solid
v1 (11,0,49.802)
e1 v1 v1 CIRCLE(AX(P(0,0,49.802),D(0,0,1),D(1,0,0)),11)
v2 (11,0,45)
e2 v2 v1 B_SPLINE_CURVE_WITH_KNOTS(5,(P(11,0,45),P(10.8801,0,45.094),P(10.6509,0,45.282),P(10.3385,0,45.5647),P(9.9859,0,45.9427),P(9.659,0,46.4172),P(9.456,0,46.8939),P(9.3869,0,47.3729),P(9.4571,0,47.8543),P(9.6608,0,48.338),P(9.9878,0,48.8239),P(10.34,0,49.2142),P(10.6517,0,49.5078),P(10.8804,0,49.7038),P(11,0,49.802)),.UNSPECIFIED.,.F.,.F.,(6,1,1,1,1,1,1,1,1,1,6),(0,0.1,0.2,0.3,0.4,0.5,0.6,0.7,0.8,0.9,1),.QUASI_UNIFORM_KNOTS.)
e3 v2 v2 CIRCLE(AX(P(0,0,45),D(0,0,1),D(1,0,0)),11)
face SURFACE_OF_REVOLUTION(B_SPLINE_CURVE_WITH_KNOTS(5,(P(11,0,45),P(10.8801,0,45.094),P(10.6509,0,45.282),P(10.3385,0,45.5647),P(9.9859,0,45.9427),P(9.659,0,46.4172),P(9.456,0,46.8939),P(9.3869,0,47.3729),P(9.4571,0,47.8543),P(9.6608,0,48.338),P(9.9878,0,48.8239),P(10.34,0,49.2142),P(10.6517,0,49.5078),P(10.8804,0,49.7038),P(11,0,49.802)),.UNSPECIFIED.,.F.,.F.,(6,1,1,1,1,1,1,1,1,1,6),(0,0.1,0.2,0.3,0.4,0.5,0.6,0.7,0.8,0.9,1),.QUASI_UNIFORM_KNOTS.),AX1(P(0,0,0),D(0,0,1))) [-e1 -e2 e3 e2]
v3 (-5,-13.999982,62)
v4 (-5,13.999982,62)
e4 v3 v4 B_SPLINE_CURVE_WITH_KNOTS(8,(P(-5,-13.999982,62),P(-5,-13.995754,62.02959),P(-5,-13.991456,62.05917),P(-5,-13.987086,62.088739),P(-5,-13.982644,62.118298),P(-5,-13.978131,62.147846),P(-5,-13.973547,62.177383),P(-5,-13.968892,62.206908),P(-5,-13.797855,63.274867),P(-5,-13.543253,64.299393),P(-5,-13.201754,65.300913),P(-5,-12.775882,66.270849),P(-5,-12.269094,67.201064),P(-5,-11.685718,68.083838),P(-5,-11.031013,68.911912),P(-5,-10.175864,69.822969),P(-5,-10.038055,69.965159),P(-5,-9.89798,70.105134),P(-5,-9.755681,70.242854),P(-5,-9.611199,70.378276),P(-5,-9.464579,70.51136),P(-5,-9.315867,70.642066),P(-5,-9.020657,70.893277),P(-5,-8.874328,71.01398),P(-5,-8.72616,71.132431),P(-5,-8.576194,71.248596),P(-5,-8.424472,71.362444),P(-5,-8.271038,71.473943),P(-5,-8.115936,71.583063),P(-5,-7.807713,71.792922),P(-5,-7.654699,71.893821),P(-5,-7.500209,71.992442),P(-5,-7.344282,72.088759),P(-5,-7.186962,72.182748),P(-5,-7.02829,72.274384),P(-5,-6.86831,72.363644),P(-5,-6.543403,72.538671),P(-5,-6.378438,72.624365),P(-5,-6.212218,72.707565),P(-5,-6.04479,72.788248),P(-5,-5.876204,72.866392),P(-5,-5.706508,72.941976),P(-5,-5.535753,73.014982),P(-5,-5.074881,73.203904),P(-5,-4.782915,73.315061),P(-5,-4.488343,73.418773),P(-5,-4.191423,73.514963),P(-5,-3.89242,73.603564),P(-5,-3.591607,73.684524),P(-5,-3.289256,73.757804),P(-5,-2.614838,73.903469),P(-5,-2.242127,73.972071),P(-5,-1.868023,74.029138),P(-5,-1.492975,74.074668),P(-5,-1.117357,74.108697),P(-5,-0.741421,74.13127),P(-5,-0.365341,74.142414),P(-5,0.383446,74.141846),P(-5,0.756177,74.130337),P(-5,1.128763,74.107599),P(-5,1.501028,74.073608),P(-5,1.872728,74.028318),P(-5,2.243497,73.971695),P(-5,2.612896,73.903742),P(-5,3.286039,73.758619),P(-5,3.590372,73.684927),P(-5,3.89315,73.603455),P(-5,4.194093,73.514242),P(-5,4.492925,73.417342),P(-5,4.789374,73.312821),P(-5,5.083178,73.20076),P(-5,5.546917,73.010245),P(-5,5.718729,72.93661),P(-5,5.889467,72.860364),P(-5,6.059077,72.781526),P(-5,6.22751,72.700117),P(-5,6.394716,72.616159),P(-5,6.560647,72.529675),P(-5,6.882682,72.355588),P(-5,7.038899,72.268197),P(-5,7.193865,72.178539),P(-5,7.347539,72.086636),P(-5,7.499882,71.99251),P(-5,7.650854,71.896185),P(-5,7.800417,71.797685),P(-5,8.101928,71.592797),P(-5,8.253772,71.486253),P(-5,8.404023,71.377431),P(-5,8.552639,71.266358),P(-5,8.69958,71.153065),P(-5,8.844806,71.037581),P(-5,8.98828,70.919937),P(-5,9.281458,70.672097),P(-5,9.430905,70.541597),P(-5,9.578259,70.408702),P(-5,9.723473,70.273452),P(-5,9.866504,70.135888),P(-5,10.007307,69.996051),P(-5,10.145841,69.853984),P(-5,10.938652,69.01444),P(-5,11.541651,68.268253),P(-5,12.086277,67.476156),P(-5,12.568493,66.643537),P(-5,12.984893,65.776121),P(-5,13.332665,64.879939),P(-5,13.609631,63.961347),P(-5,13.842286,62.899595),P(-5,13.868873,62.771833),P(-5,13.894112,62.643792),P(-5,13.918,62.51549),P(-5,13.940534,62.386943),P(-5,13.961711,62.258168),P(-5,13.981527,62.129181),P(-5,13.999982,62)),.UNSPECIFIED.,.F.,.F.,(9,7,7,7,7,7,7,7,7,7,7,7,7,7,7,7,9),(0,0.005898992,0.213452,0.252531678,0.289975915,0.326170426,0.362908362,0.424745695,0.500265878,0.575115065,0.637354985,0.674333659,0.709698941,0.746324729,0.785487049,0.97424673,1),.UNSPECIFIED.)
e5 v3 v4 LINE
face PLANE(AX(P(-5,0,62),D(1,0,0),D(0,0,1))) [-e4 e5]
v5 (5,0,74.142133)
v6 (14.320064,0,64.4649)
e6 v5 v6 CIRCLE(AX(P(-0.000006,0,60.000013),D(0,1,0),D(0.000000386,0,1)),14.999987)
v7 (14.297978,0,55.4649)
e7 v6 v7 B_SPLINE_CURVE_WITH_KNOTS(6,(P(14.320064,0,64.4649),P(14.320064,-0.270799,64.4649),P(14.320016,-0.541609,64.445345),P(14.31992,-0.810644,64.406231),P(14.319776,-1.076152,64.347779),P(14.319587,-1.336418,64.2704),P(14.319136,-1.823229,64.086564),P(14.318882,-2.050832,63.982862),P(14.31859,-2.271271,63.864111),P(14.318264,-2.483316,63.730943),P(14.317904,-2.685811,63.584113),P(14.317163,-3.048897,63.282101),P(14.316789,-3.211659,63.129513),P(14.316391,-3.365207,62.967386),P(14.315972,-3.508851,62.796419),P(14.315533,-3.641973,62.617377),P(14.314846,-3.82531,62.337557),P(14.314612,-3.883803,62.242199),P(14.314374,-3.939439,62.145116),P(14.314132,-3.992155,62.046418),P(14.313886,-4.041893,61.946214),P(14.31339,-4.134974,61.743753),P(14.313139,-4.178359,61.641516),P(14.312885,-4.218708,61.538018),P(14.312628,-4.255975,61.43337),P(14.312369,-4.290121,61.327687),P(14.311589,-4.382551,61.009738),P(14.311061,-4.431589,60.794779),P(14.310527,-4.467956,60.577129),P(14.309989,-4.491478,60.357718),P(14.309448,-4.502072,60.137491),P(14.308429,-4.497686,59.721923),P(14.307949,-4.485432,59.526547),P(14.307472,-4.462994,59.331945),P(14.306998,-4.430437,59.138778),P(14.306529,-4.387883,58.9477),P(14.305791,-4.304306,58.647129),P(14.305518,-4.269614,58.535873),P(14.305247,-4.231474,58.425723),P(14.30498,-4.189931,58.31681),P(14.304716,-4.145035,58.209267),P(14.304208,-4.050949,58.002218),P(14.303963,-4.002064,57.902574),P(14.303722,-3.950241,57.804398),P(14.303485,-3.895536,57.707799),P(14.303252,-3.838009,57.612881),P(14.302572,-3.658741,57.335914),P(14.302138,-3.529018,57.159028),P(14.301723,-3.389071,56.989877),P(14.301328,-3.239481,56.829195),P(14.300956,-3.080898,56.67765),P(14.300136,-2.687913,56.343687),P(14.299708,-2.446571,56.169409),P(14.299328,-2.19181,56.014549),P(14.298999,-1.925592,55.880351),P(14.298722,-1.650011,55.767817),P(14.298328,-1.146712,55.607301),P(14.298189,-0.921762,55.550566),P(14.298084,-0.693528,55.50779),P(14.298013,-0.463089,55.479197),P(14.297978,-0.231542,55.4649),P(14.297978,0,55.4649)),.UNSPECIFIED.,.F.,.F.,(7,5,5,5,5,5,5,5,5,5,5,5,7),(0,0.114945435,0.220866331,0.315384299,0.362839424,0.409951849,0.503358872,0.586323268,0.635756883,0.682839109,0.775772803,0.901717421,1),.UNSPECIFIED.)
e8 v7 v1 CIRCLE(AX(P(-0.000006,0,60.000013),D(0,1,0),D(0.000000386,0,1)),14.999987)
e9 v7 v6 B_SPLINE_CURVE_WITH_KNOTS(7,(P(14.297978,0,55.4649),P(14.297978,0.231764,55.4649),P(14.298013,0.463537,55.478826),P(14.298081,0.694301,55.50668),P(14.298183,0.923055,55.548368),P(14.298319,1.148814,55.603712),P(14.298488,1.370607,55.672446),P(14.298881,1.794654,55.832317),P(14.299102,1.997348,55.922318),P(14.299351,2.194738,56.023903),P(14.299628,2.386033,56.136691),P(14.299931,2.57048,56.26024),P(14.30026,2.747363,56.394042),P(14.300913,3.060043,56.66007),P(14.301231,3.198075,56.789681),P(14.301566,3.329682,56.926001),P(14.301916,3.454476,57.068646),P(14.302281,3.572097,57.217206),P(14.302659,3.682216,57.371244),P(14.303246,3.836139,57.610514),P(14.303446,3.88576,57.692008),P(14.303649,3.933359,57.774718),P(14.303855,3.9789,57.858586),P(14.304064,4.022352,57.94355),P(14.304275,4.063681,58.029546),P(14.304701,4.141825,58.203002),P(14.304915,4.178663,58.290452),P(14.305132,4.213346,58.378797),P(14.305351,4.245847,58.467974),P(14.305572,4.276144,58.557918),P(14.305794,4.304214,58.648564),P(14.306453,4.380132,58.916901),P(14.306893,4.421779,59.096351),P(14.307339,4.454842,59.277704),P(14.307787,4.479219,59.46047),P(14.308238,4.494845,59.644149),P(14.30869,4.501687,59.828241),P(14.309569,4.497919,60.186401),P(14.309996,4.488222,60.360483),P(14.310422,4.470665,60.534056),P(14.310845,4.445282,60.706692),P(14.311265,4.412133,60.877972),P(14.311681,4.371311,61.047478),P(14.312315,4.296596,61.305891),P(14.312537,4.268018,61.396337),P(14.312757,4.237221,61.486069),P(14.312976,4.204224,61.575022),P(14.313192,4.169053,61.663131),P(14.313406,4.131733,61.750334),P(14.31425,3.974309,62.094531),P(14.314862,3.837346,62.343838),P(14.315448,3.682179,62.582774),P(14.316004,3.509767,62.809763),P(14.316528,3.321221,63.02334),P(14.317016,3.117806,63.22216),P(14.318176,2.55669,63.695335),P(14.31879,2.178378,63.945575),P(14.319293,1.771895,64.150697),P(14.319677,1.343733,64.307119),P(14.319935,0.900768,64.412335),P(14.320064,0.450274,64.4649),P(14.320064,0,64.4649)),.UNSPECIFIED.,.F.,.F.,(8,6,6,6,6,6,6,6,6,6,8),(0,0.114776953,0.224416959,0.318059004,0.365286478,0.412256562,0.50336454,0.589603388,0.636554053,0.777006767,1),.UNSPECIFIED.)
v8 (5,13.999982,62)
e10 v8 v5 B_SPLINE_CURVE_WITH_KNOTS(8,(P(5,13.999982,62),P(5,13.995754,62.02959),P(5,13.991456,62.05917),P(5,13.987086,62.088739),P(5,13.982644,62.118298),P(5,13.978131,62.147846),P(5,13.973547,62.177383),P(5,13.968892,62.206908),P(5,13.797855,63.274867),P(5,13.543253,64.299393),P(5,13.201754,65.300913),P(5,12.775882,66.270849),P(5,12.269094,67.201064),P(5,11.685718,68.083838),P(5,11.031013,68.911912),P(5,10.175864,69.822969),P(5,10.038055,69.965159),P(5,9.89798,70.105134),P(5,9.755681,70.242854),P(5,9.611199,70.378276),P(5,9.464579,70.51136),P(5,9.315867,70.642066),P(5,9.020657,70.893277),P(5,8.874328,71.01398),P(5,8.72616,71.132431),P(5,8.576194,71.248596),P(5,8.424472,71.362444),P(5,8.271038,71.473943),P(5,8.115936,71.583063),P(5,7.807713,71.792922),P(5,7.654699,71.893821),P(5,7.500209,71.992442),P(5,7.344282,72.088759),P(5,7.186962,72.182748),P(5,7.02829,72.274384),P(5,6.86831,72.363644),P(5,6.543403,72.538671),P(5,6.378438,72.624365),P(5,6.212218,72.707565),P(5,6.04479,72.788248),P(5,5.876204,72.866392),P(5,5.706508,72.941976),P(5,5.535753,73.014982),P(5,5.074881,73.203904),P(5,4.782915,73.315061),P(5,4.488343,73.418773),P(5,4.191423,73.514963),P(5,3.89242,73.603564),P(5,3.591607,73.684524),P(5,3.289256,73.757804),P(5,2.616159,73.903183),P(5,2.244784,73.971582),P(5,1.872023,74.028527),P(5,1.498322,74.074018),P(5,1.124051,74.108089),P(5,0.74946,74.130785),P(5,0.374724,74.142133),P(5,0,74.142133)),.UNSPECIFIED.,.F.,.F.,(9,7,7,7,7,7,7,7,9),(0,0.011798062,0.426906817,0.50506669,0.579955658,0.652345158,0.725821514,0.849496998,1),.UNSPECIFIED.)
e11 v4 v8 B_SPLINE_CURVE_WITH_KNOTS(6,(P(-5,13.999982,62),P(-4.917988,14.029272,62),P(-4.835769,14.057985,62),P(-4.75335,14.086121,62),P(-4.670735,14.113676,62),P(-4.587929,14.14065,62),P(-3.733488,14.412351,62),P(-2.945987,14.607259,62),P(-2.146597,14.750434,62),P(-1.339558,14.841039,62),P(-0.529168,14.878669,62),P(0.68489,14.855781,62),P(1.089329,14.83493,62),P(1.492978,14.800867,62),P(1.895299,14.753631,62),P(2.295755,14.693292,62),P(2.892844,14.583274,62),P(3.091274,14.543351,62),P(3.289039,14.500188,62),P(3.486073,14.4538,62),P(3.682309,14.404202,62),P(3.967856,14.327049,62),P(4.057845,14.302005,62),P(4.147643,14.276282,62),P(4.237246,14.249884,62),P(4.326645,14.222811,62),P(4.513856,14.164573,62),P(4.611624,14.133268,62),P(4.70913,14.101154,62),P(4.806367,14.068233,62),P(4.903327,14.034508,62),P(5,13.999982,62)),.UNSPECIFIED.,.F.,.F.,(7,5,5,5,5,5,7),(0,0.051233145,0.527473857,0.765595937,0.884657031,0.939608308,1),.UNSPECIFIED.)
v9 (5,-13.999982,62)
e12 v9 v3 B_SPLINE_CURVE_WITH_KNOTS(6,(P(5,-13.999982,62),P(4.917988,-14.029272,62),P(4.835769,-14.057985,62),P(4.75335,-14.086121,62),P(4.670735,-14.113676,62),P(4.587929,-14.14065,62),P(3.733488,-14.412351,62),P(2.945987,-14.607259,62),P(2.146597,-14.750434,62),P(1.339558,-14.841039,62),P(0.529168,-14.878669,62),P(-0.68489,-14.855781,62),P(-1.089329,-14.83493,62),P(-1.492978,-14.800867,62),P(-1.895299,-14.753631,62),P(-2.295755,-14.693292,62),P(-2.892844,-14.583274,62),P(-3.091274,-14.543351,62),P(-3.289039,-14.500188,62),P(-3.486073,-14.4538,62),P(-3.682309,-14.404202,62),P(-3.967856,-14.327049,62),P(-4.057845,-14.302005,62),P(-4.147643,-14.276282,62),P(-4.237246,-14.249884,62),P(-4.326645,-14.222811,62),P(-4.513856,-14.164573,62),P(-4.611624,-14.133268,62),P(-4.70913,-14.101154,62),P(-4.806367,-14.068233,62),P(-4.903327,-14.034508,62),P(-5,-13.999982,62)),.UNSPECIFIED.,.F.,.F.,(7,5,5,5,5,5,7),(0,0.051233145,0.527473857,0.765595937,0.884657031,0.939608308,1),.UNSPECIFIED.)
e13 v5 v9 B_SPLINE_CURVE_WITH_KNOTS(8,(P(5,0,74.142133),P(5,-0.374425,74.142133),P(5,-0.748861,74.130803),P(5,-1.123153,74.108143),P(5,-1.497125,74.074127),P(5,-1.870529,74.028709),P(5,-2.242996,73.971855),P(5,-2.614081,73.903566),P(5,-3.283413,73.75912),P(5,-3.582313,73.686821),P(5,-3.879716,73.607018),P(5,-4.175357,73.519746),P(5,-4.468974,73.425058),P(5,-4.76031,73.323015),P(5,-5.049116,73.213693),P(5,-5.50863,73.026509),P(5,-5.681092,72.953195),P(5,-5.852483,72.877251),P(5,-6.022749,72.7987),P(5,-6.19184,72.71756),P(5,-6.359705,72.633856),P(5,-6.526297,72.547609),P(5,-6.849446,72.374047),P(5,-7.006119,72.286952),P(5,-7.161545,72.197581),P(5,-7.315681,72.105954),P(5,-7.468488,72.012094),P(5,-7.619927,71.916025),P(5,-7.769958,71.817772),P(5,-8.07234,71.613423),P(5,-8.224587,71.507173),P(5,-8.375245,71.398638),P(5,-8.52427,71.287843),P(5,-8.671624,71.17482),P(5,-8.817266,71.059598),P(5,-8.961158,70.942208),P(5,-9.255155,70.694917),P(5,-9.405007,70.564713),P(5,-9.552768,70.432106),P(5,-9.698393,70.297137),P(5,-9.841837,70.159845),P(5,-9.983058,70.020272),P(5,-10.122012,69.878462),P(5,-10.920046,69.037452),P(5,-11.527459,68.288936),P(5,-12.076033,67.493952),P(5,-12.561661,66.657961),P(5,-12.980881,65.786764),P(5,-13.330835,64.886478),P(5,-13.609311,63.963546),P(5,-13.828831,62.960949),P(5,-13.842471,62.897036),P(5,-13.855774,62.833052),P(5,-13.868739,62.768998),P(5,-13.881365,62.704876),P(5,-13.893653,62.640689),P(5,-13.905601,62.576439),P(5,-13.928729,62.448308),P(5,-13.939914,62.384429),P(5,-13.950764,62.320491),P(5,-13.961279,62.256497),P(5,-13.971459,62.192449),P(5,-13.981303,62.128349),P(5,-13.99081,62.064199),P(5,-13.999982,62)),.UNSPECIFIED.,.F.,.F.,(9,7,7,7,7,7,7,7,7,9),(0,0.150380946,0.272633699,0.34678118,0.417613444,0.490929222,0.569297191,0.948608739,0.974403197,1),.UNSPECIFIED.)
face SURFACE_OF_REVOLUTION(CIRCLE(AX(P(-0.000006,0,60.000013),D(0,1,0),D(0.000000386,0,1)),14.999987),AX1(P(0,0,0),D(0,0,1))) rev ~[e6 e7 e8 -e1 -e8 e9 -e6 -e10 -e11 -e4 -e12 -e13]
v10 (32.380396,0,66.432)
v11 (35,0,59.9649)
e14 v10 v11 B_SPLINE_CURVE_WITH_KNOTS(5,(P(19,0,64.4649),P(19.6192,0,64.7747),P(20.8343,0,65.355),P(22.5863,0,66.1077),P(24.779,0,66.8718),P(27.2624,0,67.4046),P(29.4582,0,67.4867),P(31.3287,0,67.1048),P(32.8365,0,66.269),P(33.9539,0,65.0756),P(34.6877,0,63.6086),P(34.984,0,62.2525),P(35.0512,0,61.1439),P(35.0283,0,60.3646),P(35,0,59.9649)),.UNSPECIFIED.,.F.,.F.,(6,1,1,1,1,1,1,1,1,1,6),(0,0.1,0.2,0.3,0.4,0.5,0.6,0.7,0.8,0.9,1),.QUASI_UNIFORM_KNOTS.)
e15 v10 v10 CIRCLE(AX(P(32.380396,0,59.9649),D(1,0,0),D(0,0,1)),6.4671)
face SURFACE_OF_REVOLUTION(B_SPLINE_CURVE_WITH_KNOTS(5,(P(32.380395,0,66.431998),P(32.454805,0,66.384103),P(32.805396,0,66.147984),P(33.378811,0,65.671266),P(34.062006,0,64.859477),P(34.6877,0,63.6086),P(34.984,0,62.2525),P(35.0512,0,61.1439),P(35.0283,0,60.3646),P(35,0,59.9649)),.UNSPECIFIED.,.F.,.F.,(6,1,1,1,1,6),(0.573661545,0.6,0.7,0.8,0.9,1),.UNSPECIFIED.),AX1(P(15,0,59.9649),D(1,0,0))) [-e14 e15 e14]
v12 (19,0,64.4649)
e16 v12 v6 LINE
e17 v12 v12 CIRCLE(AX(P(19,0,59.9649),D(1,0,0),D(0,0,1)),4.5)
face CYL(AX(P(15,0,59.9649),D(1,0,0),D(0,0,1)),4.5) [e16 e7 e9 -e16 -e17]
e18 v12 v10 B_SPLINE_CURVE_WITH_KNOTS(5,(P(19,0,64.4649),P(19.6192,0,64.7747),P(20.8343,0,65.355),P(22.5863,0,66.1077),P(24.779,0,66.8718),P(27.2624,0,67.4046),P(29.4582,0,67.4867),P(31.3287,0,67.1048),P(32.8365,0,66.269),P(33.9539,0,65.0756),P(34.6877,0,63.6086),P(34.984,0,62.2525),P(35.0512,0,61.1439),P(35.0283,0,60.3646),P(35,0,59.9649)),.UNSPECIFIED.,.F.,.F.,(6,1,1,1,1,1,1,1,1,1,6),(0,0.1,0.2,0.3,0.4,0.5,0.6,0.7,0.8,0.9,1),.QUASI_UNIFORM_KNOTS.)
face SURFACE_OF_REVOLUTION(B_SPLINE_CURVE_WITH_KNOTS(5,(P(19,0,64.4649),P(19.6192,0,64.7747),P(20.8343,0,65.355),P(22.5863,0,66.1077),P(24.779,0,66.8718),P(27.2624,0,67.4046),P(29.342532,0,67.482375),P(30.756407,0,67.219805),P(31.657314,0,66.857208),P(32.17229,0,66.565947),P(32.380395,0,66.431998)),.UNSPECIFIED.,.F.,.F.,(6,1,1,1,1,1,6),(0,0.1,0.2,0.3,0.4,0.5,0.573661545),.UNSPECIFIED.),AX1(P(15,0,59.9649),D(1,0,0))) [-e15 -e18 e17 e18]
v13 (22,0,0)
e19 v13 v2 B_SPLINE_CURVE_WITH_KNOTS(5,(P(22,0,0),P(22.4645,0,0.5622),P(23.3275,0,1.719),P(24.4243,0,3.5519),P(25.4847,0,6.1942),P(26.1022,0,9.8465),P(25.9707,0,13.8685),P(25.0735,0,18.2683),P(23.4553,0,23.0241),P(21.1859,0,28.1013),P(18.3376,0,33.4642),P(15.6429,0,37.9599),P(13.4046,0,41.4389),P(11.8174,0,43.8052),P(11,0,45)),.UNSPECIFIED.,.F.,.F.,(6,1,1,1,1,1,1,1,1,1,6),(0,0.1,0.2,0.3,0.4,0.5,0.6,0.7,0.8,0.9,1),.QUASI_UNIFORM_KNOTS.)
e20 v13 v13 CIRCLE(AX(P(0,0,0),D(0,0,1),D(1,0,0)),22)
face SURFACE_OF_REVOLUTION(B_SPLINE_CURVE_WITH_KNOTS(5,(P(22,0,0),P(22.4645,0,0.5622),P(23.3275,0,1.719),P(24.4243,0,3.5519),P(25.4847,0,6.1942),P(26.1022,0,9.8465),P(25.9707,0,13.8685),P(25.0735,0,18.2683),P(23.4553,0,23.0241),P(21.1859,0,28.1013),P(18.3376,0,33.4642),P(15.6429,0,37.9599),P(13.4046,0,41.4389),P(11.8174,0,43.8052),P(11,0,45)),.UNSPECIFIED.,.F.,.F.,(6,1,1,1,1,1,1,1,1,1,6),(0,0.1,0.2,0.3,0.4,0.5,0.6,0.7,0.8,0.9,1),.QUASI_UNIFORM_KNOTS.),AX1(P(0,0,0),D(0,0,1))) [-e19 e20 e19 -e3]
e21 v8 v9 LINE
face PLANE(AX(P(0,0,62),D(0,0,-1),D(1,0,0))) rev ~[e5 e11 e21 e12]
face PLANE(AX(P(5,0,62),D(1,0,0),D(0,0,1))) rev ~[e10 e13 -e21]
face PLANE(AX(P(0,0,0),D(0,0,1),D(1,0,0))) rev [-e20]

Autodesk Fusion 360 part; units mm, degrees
sketch "Skizze1" plane through (0, 0, 0) normal (0, 1, 0) x (1, 0, 0)
  line L0 (0, 0) -> (22, 0)
  spline S0 degree 5 poles (22, 0) (22.4645, -0.5622) (23.3275, -1.719) (24.4243, -3.5519) (25.4847, -6.1942) (26.1022, -9.8465) (25.9707, -13.8685) (25.0735, -18.2683) (23.4553, -23.0241) (21.1859, -28.1013) (18.3376, -33.4642) (15.6429, -37.9599) (13.4046, -41.4389) (11.8174, -43.8052) (11, -45) knots 0 0 0 0 0 0 0.1 0.2 0.3 0.4 0.5 0.6 0.7 0.8 0.9 1 1 1 1 1 1
  arc A0 (0, -75) -> (11, -49.802) centre (0, -60) ccw
  spline S1 degree 5 poles (11, -45) (10.8801, -45.094) (10.6509, -45.282) (10.3385, -45.5647) (9.9859, -45.9427) (9.659, -46.4172) (9.456, -46.8939) (9.3869, -47.3729) (9.4571, -47.8543) (9.6608, -48.338) (9.9878, -48.8239) (10.34, -49.2142) (10.6517, -49.5078) (10.8804, -49.7038) (11, -49.802) knots 0 0 0 0 0 0 0.1 0.2 0.3 0.4 0.5 0.6 0.7 0.8 0.9 1 1 1 1 1 1
  line L1 (0, 0) -> (0, -75)
  point P0 (25.7936, -13.8468)
  point P1 (9.4217, -47.3642)
  dimension "d1" = 22
revolve "Drehen1" add sketch "Skizze1" angle 360 about axis through (0, 0, 0) along (0, 0, 1) makes body 1
ref_plane "Arbeitsebene1" through (0, 0, 0) normal (0.7071, -0.7071, 0) x (0.7071, 0.7071, 0)
sketch "Skizze2" plane through (0, 0, 0) normal (0, 1, 0) x (1, 0, 0)
  spline S0 degree 5 poles (22, 0) (22.4645, -0.5622) (23.3275, -1.719) (24.4243, -3.5519) (25.4847, -6.1942) (26.1022, -9.8465) (25.9707, -13.8685) (25.0735, -18.2683) (23.4553, -23.0241) (21.1859, -28.1013) (18.3376, -33.4642) (15.6429, -37.9599) (13.4046, -41.4389) (11.8174, -43.8052) (11, -45) knots 0 0 0 0 0 0 0.1 0.2 0.3 0.4 0.5 0.6 0.7 0.8 0.9 1 1 1 1 1 1
  line L0 (0, 0) -> (22, 0)
  line L1 (0, 0) -> (0, -75)
  spline S1 degree 5 poles (11, -45) (10.8801, -45.094) (10.6509, -45.282) (10.3385, -45.5647) (9.9859, -45.9427) (9.659, -46.4172) (9.456, -46.8939) (9.3869, -47.3729) (9.4571, -47.8543) (9.6608, -48.338) (9.9878, -48.8239) (10.34, -49.2142) (10.6517, -49.5078) (10.8804, -49.7038) (11, -49.802) knots 0 0 0 0 0 0 0.1 0.2 0.3 0.4 0.5 0.6 0.7 0.8 0.9 1 1 1 1 1 1
  arc A0 (0, -75) -> (11, -49.802) centre (0, -60) ccw
  line L2 (15, -59.9649) -> (35, -59.9649)
  line L3 (15, -59.9649) -> (15, -64.4649)
  line L4 (15, -64.4649) -> (19, -64.4649)
  spline S2 degree 5 poles (19, -64.4649) (19.6192, -64.7747) (20.8343, -65.355) (22.5863, -66.1077) (24.779, -66.8718) (27.2624, -67.4046) (29.4582, -67.4867) (31.3287, -67.1048) (32.8365, -66.269) (33.9539, -65.0756) (34.6877, -63.6086) (34.984, -62.2525) (35.0512, -61.1439) (35.0283, -60.3646) (35, -59.9649) knots 0 0 0 0 0 0 0.1 0.2 0.3 0.4 0.5 0.6 0.7 0.8 0.9 1 1 1 1 1 1
  line L5 (30.6767, -67.5286) -> (34.0841, -65.3354)
  point P0 (32.3804, -66.432)
  dimension "d6" = 20
  dimension "d7" = 4.5
  dimension "d8" = 4
revolve "Drehen2" add sketch "Skizze2" angle 360 about axis through (15, 0, 59.9649) along (1, 0, 0) separate body contours L2 L3 L4 S2 makes body 2
extrude "Extrusion1" add 1 faces at (15, -1.7045, 60.1589) along direction (-1, 0, 0) blind 2 on bodies 2 bodies 2 1
sketch "Skizze3" plane through (0, 0, 0) normal (0, 1, 0) x (1, 0, 0)
  spline S0 degree 5 poles (22, 0) (22.4645, -0.5622) (23.3275, -1.719) (24.4243, -3.5519) (25.4847, -6.1942) (26.1022, -9.8465) (25.9707, -13.8685) (25.0735, -18.2683) (23.4553, -23.0241) (21.1859, -28.1013) (18.3376, -33.4642) (15.6429, -37.9599) (13.4046, -41.4389) (11.8174, -43.8052) (11, -45) knots 0 0 0 0 0 0 0.1 0.2 0.3 0.4 0.5 0.6 0.7 0.8 0.9 1 1 1 1 1 1
  spline S1 degree 5 poles (11, -45) (10.8801, -45.094) (10.6509, -45.282) (10.3385, -45.5647) (9.9859, -45.9427) (9.659, -46.4172) (9.456, -46.8939) (9.3869, -47.3729) (9.4571, -47.8543) (9.6608, -48.338) (9.9878, -48.8239) (10.34, -49.2142) (10.6517, -49.5078) (10.8804, -49.7038) (11, -49.802) knots 0 0 0 0 0 0 0.1 0.2 0.3 0.4 0.5 0.6 0.7 0.8 0.9 1 1 1 1 1 1
  arc A0 (0, -75) -> (11, -49.802) centre (0, -60) ccw
  line L0 (0, 0) -> (0, -75)
  line L1 (0, 0) -> (22, 0)
  line L2 (-5, -62) -> (-5, -75)
  line L3 (5, -62) -> (5, -75)
  line L4 (-5, -75) -> (5, -75)
  line L5 (-5, -62) -> (5, -62)
  point P0 (9.4217, -47.3642)
  dimension "d15" = 13
extrude "Extrusion2" cut sketch "Skizze3" along normal through all and the other way through all contours A0 L0 L3 L5 | L0 L2 L4 L5 bodies 2
